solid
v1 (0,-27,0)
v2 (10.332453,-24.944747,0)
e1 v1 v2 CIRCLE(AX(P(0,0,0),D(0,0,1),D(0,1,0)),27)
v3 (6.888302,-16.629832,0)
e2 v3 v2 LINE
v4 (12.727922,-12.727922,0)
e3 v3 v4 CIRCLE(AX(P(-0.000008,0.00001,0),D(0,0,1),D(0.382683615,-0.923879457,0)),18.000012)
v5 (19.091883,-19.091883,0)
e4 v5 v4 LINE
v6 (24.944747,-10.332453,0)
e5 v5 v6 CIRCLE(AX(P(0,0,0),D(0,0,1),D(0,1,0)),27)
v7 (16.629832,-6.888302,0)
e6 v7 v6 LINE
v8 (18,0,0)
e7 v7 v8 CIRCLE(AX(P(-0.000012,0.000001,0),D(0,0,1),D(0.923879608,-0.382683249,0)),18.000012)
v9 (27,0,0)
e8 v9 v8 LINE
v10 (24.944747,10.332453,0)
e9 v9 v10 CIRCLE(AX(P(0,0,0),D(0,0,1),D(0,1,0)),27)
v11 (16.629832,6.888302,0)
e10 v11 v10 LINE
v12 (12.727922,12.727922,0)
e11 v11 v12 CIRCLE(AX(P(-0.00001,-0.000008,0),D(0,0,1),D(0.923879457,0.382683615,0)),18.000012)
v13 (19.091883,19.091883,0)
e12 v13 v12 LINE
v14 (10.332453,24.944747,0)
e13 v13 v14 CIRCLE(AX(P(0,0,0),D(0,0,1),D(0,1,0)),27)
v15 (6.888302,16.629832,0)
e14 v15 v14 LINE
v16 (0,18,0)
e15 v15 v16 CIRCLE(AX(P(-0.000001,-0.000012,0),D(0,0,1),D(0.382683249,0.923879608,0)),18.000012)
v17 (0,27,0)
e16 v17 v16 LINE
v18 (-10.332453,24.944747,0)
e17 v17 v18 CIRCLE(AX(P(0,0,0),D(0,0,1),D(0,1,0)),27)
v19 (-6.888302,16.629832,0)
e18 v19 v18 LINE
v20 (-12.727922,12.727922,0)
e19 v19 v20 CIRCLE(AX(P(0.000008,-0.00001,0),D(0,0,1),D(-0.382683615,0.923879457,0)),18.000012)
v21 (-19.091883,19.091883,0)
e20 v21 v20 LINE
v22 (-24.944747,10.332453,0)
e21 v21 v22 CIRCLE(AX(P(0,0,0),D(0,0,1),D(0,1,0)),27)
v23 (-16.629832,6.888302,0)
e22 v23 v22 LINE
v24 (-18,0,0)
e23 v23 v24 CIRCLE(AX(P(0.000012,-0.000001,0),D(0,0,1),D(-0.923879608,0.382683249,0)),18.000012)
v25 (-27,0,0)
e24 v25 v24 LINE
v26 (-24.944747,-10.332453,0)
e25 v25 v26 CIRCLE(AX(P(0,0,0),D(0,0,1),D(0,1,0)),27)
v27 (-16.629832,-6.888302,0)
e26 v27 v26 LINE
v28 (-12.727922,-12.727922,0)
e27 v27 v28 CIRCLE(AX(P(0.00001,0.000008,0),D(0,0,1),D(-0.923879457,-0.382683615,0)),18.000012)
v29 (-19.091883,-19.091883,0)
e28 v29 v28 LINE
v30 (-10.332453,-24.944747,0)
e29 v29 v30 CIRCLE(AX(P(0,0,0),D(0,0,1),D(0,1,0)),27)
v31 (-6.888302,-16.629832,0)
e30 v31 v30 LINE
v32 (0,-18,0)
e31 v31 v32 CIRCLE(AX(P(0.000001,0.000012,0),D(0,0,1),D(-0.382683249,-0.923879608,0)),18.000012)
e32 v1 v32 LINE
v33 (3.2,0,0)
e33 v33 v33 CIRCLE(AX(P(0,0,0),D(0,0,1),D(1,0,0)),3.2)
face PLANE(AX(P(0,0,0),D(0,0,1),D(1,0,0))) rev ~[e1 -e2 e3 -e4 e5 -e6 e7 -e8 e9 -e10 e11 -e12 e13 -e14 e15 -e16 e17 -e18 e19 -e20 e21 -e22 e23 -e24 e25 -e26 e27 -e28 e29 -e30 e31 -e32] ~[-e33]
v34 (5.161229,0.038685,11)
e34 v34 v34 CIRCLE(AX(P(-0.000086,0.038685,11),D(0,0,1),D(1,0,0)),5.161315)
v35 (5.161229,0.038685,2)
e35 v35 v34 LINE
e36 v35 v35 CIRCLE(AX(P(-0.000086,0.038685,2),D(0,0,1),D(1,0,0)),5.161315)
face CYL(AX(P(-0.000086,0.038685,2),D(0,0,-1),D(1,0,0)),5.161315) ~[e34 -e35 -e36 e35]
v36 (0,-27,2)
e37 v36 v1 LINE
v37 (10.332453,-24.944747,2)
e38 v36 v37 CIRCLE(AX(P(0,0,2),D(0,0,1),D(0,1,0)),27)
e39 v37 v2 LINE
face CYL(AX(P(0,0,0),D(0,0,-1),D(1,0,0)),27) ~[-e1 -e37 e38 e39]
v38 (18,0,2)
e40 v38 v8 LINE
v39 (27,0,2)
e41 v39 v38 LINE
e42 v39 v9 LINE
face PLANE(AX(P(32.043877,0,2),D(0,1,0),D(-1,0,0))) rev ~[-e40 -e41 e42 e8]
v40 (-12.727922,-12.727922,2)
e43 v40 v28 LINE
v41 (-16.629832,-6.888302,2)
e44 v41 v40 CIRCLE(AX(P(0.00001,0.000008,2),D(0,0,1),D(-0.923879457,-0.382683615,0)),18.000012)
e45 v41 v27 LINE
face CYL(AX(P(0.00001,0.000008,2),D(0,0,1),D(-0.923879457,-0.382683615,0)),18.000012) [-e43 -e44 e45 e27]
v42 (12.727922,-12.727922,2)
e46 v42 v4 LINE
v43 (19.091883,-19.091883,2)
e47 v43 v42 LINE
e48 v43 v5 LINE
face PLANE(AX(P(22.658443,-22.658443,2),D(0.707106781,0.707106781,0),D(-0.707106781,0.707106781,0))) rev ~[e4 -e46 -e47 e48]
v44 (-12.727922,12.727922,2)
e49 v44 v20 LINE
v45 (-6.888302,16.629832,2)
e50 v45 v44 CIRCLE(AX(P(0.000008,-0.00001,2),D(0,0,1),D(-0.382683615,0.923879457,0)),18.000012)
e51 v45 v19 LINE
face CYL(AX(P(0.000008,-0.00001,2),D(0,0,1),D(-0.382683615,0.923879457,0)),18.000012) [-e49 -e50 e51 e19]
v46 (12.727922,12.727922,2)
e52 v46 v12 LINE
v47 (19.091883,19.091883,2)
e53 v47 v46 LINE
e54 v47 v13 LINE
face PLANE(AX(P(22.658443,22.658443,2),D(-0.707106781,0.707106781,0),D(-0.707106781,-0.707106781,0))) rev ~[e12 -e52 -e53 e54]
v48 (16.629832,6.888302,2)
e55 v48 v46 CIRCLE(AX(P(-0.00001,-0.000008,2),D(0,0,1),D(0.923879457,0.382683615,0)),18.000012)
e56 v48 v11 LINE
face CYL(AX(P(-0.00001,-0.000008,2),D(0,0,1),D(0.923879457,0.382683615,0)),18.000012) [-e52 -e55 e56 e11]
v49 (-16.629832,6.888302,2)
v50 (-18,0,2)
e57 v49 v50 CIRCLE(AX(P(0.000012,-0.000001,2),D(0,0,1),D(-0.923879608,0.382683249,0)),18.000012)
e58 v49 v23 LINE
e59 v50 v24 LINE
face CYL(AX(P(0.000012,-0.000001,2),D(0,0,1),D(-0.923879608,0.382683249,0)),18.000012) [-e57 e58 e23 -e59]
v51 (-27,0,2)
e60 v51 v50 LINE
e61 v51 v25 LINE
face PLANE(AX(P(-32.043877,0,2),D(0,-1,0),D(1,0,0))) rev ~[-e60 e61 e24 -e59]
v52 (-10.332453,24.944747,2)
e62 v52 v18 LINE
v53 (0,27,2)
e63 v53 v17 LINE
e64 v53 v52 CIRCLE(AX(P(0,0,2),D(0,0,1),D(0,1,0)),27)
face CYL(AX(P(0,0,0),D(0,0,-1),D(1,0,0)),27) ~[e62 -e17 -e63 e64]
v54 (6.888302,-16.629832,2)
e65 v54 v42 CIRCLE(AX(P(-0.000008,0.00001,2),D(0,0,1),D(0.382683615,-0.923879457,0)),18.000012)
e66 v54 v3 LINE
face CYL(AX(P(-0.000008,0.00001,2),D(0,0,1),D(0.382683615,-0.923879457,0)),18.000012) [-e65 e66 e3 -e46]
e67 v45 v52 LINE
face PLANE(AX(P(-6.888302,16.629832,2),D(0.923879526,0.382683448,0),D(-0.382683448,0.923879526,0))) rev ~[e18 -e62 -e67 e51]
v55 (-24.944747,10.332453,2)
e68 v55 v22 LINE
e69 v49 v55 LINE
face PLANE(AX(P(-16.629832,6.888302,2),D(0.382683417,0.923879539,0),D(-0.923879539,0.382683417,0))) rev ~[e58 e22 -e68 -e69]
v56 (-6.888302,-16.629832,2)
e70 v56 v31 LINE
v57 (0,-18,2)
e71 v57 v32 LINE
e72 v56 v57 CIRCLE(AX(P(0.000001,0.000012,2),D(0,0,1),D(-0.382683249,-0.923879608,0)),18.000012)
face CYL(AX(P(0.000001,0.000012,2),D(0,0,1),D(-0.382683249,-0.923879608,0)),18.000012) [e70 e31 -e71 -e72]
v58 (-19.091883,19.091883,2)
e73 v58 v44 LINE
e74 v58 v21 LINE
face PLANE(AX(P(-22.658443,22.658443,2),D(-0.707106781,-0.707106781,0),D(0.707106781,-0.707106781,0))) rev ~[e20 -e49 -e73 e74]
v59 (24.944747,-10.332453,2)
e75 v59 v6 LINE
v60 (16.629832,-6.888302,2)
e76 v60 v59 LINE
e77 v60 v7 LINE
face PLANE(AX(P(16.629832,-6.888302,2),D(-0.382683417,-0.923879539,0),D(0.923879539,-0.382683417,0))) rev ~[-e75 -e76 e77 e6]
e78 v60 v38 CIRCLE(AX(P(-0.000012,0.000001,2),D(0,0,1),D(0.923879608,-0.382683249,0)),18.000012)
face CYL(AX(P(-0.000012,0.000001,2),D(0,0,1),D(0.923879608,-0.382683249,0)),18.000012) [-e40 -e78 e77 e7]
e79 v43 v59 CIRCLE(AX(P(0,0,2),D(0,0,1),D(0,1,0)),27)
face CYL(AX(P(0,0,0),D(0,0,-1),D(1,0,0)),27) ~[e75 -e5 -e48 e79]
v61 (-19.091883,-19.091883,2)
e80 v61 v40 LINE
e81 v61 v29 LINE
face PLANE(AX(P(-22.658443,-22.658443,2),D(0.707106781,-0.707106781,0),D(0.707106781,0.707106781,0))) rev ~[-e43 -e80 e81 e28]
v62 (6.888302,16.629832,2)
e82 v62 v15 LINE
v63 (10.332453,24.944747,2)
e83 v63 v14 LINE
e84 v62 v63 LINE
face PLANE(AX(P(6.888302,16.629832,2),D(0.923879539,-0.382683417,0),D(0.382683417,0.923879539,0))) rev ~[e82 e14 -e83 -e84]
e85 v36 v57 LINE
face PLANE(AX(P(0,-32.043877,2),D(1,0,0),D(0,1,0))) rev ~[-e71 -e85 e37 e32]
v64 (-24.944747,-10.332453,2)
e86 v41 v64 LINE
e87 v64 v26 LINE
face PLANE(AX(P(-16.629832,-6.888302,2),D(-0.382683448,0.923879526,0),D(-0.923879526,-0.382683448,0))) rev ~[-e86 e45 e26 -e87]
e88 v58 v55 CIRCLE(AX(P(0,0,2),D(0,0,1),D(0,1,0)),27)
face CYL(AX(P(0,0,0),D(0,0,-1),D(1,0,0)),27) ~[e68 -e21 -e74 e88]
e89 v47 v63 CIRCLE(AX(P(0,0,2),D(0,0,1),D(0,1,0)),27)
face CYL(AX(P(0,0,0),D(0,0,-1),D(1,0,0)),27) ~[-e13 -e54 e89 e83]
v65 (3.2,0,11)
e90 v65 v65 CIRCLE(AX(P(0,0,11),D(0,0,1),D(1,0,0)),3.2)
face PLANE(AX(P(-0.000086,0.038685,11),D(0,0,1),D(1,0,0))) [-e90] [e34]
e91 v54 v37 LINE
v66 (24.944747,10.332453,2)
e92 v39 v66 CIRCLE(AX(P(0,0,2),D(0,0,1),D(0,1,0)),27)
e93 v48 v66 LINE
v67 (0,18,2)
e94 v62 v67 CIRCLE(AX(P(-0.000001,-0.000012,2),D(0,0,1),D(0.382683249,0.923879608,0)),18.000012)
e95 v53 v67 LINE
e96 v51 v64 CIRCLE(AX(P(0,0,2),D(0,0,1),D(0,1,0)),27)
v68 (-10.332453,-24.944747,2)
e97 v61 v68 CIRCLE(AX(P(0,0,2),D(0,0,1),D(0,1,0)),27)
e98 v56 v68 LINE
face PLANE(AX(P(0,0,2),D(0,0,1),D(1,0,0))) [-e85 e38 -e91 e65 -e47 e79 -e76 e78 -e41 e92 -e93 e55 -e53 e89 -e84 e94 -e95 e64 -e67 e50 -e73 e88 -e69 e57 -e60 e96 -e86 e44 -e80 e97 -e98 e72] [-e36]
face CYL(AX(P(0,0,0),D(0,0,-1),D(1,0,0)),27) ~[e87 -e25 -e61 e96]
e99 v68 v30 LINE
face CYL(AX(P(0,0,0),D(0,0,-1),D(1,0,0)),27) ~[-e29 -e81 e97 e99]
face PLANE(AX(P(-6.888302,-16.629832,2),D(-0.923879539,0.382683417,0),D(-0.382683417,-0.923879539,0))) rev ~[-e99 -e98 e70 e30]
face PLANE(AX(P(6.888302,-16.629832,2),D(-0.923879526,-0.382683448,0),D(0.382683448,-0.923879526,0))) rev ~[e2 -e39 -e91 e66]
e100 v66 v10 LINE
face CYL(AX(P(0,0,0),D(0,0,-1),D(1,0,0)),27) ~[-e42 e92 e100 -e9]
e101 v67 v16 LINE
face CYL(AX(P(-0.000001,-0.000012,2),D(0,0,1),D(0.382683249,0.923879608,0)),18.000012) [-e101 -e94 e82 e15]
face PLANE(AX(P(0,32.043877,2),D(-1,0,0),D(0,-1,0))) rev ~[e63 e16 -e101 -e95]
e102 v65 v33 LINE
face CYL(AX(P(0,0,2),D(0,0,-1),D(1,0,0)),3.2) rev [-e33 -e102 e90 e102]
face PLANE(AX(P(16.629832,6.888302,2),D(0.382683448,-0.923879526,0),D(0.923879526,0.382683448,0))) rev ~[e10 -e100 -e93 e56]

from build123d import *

# Parameters (mm, degrees)
SKETCH_R           = 27
SKETCH_R_2         = 3.2
PAD_DEPTH          = 2
SKETCH001_R        = 5.161315
SKETCH001_R_2      = 3.2
PAD001_DEPTH       = 9
POCKET_DEPTH       = 156.312374
POLARPATTERN_COUNT = 8


with BuildPart() as part:
    # Sketch → Pad (new body)
    with BuildSketch(Plane.XY):
        Circle(SKETCH_R)
        Circle(SKETCH_R_2, mode=Mode.SUBTRACT)
    extrude(amount=PAD_DEPTH)

    # Sketch001 (on Face4 of Pad) → Pad001 (join)
    with BuildSketch(Plane.XY.offset(2)):
        with Locations((-8.6e-05, 0.038685)):
            Circle(SKETCH001_R)
        Circle(SKETCH001_R_2, mode=Mode.SUBTRACT)
    extrude(amount=PAD001_DEPTH)

    # Sketch002 (on Face3 of Pad001) → Pocket (cut, through all)
    with BuildSketch(Plane.XY.offset(2)):
        with BuildLine():
            Line((0, 32.043877), (0, 18))
            ThreePointArc((6.888302, 16.629832), (3.511626, 17.654135), (0, 18))
            Line((6.888302, 16.629832), (12.262661, 29.604683))
            Line((0, 32.043877), (12.262661, 29.604683))
        make_face()
    pocket = extrude(amount=-POCKET_DEPTH, mode=Mode.SUBTRACT)

    # PolarPattern: Pocket ×8 about axis
    polarpattern_axis = Axis((0, 0, 2), (0, 0, 1))
    for i in range(1, POLARPATTERN_COUNT):
        add(pocket.rotate(polarpattern_axis, i * 360 / POLARPATTERN_COUNT), mode=Mode.SUBTRACT)


solid = part.part
